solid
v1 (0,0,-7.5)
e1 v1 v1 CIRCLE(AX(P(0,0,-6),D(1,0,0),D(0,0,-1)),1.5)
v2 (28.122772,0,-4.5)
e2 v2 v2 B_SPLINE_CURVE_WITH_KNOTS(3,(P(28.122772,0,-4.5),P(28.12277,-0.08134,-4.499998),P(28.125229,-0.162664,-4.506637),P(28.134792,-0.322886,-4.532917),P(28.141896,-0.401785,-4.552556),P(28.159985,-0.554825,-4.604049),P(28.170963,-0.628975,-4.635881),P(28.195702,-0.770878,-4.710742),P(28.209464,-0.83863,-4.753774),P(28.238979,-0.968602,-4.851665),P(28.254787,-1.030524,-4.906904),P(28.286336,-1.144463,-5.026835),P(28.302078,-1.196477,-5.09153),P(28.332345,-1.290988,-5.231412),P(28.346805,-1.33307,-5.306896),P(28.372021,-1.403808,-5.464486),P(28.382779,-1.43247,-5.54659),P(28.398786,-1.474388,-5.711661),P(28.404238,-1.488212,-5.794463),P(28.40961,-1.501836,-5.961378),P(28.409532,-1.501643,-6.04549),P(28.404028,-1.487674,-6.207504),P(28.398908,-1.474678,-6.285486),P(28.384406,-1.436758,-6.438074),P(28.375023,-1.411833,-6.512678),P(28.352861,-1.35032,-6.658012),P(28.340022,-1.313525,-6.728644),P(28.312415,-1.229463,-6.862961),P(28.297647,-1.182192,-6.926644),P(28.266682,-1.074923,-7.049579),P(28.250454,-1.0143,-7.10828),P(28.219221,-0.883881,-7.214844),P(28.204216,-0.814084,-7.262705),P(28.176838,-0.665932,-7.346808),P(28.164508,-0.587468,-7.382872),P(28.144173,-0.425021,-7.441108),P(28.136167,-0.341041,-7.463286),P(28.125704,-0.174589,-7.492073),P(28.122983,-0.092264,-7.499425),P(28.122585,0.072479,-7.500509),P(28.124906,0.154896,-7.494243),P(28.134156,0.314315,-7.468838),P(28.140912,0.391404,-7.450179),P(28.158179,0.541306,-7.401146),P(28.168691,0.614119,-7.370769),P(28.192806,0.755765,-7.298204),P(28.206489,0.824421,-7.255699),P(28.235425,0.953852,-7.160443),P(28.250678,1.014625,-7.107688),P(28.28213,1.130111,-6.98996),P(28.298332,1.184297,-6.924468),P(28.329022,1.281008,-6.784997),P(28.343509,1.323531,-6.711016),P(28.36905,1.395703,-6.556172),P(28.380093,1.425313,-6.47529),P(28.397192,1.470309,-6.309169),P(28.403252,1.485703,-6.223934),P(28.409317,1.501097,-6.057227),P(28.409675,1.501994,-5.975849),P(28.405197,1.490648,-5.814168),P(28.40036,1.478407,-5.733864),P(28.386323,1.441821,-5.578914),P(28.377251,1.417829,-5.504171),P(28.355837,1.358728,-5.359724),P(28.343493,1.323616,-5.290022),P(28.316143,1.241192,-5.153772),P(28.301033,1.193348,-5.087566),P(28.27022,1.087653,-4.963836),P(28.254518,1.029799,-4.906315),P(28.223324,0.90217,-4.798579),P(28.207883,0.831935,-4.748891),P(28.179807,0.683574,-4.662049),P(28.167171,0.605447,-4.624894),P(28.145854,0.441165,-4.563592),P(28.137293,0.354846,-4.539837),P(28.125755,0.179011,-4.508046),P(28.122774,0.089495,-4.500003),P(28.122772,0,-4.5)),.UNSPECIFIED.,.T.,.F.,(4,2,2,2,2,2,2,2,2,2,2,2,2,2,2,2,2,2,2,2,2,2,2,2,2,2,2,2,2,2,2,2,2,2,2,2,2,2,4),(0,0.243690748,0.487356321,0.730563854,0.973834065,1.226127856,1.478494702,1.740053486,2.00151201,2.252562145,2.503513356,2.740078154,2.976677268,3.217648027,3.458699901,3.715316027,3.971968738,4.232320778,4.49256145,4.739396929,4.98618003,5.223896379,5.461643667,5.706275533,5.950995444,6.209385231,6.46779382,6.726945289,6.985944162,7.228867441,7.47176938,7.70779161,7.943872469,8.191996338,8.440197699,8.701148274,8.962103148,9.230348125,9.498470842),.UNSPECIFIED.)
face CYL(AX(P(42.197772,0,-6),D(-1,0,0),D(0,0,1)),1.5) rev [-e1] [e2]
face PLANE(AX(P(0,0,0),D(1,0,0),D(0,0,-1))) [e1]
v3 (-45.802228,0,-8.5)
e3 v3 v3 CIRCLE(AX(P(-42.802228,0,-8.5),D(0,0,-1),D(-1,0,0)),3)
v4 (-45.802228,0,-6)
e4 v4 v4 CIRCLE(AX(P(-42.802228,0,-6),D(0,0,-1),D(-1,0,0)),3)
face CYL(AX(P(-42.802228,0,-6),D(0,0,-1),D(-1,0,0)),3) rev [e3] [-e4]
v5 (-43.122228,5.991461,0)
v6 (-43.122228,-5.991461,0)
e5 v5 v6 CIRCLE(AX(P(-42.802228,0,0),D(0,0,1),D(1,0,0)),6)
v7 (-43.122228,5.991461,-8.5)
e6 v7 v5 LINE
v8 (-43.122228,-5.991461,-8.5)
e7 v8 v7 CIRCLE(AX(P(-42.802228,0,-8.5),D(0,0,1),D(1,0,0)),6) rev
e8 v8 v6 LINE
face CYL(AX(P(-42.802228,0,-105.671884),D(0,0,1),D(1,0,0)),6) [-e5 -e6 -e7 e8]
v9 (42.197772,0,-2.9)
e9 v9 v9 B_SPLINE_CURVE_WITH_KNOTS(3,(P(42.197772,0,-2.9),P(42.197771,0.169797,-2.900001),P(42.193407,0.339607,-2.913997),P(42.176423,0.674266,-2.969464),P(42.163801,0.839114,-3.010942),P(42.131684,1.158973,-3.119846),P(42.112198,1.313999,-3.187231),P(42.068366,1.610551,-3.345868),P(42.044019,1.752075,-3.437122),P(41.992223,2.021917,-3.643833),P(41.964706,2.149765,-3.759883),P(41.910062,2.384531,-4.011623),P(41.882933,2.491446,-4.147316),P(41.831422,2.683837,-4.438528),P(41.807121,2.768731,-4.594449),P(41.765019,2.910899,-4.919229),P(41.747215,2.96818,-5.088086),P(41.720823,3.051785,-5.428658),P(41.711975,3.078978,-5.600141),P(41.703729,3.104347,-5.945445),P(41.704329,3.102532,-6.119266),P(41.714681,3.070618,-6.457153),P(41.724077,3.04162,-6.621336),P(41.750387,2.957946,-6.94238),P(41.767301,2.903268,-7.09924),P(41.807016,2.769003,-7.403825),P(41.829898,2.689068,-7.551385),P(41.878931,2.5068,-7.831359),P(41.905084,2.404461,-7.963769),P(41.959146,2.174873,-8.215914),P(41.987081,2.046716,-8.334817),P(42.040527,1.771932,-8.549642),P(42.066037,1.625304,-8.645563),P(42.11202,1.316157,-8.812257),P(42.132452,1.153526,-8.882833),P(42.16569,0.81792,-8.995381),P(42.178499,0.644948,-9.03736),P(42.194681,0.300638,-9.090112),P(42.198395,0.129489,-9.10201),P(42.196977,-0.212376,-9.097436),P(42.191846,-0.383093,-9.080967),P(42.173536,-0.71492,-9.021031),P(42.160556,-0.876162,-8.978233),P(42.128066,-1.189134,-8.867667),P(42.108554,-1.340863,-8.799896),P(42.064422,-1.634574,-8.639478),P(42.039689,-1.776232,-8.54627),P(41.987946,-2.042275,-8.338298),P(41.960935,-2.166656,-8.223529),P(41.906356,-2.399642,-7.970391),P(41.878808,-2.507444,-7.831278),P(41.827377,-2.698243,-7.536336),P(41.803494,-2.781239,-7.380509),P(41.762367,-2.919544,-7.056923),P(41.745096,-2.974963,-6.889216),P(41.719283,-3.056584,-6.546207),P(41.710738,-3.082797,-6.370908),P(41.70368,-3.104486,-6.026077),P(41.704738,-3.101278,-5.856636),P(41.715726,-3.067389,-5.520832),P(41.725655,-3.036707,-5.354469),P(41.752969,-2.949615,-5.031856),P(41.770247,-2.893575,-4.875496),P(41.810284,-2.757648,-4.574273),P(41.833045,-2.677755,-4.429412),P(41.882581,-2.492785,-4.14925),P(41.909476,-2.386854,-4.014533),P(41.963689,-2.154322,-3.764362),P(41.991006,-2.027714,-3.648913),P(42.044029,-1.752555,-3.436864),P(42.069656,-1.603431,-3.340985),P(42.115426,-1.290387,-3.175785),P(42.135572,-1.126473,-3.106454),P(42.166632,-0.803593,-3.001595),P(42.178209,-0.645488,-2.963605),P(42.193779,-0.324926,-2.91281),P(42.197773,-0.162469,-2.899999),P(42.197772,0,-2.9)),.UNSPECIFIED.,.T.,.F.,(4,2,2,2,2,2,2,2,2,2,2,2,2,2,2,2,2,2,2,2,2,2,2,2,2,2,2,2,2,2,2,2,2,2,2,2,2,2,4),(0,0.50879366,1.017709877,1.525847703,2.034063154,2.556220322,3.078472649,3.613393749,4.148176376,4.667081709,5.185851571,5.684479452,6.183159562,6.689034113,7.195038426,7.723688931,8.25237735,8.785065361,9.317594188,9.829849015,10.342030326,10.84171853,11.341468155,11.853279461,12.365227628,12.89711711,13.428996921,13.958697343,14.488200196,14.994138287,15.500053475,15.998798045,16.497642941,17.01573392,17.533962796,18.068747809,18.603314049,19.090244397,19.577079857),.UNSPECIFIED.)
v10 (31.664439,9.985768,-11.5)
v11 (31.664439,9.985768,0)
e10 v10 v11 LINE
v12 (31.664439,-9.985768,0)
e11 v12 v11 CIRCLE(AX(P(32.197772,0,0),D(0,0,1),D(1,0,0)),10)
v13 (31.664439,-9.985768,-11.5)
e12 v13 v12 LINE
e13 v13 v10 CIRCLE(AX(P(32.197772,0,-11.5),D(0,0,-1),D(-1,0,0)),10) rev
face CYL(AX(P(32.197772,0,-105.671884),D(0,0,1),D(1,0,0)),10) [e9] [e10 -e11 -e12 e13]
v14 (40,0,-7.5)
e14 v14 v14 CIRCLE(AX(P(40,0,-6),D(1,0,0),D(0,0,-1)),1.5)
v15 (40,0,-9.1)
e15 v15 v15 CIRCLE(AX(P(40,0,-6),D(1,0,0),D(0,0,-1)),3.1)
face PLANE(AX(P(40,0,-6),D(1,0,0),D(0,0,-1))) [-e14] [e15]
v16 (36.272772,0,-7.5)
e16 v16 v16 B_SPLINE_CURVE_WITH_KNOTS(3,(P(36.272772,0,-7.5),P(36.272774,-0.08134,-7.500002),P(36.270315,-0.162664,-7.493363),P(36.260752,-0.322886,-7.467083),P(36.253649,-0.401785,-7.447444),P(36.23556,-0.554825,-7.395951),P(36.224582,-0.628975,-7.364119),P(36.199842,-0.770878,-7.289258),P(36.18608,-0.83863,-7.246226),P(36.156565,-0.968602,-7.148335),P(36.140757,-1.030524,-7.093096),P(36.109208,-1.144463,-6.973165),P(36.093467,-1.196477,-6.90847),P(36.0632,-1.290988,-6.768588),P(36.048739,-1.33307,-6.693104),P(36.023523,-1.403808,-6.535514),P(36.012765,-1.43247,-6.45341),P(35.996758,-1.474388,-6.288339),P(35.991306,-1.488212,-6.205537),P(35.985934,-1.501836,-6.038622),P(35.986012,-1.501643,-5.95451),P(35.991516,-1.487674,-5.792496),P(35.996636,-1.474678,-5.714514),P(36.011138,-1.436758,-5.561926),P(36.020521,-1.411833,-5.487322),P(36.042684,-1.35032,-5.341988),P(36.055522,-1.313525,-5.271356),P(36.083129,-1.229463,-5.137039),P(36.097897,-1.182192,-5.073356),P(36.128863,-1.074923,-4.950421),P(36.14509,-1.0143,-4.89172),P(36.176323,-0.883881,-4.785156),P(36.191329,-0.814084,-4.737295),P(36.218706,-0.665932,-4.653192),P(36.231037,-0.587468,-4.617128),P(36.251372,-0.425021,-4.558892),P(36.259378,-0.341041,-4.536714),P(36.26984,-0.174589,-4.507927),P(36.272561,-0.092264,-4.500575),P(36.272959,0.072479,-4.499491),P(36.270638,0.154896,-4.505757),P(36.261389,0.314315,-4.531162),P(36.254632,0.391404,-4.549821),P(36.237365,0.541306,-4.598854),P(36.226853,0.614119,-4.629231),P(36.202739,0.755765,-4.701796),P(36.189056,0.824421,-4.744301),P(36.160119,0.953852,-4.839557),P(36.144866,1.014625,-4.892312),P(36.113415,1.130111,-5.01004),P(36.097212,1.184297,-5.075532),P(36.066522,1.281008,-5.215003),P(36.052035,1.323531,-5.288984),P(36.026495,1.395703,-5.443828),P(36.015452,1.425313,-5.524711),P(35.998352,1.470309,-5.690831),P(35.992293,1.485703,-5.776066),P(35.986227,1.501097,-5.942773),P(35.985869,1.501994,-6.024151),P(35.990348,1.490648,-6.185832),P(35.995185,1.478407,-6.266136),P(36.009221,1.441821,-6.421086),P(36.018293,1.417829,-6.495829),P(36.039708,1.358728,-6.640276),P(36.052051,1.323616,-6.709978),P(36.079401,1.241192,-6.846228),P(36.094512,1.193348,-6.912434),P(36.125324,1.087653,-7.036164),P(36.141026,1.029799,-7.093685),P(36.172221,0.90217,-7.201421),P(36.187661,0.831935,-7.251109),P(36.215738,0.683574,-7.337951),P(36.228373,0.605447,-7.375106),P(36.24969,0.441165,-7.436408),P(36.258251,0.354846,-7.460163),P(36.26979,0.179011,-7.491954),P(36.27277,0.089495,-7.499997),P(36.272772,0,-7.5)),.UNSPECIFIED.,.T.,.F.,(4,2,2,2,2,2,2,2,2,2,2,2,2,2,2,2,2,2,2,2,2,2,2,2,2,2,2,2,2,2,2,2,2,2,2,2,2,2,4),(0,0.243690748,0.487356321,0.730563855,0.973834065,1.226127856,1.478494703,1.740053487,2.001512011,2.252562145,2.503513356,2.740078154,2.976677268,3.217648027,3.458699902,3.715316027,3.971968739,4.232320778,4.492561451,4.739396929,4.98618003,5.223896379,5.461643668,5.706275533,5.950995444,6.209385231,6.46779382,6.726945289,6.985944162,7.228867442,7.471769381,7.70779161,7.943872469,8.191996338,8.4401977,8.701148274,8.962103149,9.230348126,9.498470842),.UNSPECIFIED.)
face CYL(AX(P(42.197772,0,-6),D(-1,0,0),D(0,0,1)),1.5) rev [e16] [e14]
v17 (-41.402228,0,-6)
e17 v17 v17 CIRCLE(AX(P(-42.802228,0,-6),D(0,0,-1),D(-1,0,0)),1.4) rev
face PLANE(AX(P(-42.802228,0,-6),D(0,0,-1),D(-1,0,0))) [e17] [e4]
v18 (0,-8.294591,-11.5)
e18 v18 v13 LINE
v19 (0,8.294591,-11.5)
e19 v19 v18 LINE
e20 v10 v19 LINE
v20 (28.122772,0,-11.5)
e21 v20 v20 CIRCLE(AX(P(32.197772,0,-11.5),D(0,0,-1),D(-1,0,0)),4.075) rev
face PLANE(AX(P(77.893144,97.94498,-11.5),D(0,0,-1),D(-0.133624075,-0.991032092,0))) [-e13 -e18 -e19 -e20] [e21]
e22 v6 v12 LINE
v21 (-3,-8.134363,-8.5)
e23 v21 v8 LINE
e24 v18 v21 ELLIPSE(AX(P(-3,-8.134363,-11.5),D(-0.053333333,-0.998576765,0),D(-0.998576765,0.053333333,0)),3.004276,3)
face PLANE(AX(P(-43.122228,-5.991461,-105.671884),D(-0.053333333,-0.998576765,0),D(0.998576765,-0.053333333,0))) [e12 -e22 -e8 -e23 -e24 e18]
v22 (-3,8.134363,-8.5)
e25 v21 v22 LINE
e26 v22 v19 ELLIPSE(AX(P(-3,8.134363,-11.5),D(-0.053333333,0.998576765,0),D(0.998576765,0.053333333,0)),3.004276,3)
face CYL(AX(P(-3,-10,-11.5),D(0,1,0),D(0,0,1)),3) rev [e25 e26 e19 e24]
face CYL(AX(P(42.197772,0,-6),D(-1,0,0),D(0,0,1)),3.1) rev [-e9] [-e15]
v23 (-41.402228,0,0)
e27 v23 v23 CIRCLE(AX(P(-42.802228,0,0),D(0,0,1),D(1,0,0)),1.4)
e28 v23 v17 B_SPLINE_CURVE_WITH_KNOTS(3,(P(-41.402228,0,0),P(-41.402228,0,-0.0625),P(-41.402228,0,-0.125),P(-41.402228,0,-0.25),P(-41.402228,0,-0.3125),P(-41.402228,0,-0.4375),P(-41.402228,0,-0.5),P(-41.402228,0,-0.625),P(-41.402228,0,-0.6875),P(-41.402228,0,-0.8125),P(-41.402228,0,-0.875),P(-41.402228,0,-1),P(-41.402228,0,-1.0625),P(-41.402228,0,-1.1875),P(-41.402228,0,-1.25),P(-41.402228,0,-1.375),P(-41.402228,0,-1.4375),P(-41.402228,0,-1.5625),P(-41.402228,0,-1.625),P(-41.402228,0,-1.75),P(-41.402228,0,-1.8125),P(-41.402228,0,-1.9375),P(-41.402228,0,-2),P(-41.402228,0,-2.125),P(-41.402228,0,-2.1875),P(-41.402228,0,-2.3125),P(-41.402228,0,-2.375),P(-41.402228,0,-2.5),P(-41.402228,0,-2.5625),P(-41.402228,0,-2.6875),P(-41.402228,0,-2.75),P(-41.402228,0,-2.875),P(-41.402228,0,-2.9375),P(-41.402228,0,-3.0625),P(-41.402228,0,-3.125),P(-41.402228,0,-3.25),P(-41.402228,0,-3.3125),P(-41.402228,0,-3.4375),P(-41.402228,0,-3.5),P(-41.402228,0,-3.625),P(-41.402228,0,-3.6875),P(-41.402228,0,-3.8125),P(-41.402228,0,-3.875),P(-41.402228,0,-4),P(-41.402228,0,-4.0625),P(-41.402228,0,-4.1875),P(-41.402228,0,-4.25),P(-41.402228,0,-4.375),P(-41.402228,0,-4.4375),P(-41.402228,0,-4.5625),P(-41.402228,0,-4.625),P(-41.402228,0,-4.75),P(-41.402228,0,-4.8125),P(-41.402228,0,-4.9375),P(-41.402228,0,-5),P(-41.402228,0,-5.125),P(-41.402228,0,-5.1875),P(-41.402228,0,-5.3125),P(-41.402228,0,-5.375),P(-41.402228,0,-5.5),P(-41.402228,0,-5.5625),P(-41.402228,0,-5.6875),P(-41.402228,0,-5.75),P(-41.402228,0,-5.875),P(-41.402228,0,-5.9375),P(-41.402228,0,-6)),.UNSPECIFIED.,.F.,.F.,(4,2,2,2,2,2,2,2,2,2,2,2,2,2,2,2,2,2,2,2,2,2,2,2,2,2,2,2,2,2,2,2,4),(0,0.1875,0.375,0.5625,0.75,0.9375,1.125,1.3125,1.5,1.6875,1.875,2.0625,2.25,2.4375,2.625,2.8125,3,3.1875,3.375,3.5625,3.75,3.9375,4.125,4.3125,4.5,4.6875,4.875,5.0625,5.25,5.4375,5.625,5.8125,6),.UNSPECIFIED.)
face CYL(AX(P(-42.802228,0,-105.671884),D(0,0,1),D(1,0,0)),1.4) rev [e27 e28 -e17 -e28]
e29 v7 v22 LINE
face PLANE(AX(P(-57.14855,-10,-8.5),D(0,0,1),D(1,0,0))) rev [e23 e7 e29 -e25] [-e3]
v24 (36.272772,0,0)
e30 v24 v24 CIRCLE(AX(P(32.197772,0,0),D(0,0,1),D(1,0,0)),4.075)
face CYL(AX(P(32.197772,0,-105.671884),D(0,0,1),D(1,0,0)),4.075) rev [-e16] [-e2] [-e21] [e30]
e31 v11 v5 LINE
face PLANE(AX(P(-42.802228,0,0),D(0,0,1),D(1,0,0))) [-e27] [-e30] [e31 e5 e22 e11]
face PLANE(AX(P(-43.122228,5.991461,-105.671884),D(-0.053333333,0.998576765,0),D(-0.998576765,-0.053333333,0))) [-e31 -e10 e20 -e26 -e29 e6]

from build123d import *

# Parameters (mm, degrees)
SKETCH_1_R               = 1.400000008
SKETCH_1_R_2             = 4.074999999
EXTRUDE_1_DEPTH          = 11.500000001
SKETCH_2_R               = 1.499999995
CUT_EXTRUDE_1_DEPTH      = 52.126386943
CUT_EXTRUDE_START        = 40
SKETCH_2_3_R             = 3.099999995
CUT_EXTRUDE_2_DEPTH      = 12.126386986
CUT_EXTRUDE_3_DEPTH      = 52.126386986
CUT_EXTRUDE_3_DEPTH_BACK = 52.126386986
SKETCH_4_R               = 2.999999992
CUT_EXTRUDE_4_DEPTH      = 2.5


with BuildPart() as part:
    # Эскиз1 → Бобышка-Вытянуть1 (new body)
    with BuildSketch(Plane.XY):
        with BuildLine():
            Line((-43.122227837, -5.991460588), (31.66443883, -9.985767648))
            ThreePointArc((31.66443883, -9.985767648), (42.197772163, 2e-09), (31.66443883, 9.985767652))
            Line((31.66443883, 9.985767652), (-43.122227837, 5.991460592))
            ThreePointArc((-43.122227837, 5.991460592), (-48.802227837, 2e-09), (-43.122227837, -5.991460588))
        make_face()
        with Locations((-42.802227837, 2e-09)):
            Circle(SKETCH_1_R, mode=Mode.SUBTRACT)
        with Locations((32.197772163, 2e-09)):
            Circle(SKETCH_1_R_2, mode=Mode.SUBTRACT)
    extrude(amount=-EXTRUDE_1_DEPTH)

    # Эскиз2 → Вырез-Вытянуть1 (cut, through all)
    with BuildSketch(Plane(origin=(0, 0, 0), x_dir=(0, 0, -1), z_dir=(1, 0, 0))):
        with Locations(Location((6, 6e-09, 0), (0, 0, 180))):
            Circle(SKETCH_2_R)
    extrude(amount=CUT_EXTRUDE_1_DEPTH, mode=Mode.SUBTRACT)

    # Эскиз2<3> → Вырез-Вытянуть2 (cut, through all)
    with BuildSketch(Plane(origin=(0, 0, 0), x_dir=(0, 0, -1), z_dir=(1, 0, 0)).offset(CUT_EXTRUDE_START)):
        with Locations(Location((6, 6e-09, 0), (0, 0, 180))):
            Circle(SKETCH_2_3_R)
    extrude(amount=CUT_EXTRUDE_2_DEPTH, mode=Mode.SUBTRACT)

    # Эскиз3 → Вырез-Вытянуть3 (cut, two sides: drawn at the far end of the back side and taken through both)
    with BuildSketch(Plane(origin=(0, 0, 0), x_dir=(1, 0, 0), z_dir=(0, 1, 0)).offset(-CUT_EXTRUDE_3_DEPTH_BACK)):
        with BuildLine():
            Line((-57.148549842, 26.385379488), (0, 26.385379488))
            Line((0, 26.385379488), (0, 11.5))
            ThreePointArc((0, 11.5), (-0.878679656, 9.378679656), (-3, 8.5))
            Line((-3, 8.5), (-57.148549842, 8.5))
            Line((-57.148549842, 8.5), (-57.148549842, 26.385379488))
        make_face()
    extrude(amount=CUT_EXTRUDE_3_DEPTH + CUT_EXTRUDE_3_DEPTH_BACK, mode=Mode.SUBTRACT)

    # Эскиз4 → Вырез-Вытянуть4 (cut)
    with BuildSketch(Plane(origin=(0, 0, -8.5), x_dir=(-1, 0, 0), z_dir=(0, 0, -1))):
        with Locations((42.802227837, 2e-09)):
            Circle(SKETCH_4_R)
    extrude(amount=-CUT_EXTRUDE_4_DEPTH, mode=Mode.SUBTRACT)


solid = part.part
